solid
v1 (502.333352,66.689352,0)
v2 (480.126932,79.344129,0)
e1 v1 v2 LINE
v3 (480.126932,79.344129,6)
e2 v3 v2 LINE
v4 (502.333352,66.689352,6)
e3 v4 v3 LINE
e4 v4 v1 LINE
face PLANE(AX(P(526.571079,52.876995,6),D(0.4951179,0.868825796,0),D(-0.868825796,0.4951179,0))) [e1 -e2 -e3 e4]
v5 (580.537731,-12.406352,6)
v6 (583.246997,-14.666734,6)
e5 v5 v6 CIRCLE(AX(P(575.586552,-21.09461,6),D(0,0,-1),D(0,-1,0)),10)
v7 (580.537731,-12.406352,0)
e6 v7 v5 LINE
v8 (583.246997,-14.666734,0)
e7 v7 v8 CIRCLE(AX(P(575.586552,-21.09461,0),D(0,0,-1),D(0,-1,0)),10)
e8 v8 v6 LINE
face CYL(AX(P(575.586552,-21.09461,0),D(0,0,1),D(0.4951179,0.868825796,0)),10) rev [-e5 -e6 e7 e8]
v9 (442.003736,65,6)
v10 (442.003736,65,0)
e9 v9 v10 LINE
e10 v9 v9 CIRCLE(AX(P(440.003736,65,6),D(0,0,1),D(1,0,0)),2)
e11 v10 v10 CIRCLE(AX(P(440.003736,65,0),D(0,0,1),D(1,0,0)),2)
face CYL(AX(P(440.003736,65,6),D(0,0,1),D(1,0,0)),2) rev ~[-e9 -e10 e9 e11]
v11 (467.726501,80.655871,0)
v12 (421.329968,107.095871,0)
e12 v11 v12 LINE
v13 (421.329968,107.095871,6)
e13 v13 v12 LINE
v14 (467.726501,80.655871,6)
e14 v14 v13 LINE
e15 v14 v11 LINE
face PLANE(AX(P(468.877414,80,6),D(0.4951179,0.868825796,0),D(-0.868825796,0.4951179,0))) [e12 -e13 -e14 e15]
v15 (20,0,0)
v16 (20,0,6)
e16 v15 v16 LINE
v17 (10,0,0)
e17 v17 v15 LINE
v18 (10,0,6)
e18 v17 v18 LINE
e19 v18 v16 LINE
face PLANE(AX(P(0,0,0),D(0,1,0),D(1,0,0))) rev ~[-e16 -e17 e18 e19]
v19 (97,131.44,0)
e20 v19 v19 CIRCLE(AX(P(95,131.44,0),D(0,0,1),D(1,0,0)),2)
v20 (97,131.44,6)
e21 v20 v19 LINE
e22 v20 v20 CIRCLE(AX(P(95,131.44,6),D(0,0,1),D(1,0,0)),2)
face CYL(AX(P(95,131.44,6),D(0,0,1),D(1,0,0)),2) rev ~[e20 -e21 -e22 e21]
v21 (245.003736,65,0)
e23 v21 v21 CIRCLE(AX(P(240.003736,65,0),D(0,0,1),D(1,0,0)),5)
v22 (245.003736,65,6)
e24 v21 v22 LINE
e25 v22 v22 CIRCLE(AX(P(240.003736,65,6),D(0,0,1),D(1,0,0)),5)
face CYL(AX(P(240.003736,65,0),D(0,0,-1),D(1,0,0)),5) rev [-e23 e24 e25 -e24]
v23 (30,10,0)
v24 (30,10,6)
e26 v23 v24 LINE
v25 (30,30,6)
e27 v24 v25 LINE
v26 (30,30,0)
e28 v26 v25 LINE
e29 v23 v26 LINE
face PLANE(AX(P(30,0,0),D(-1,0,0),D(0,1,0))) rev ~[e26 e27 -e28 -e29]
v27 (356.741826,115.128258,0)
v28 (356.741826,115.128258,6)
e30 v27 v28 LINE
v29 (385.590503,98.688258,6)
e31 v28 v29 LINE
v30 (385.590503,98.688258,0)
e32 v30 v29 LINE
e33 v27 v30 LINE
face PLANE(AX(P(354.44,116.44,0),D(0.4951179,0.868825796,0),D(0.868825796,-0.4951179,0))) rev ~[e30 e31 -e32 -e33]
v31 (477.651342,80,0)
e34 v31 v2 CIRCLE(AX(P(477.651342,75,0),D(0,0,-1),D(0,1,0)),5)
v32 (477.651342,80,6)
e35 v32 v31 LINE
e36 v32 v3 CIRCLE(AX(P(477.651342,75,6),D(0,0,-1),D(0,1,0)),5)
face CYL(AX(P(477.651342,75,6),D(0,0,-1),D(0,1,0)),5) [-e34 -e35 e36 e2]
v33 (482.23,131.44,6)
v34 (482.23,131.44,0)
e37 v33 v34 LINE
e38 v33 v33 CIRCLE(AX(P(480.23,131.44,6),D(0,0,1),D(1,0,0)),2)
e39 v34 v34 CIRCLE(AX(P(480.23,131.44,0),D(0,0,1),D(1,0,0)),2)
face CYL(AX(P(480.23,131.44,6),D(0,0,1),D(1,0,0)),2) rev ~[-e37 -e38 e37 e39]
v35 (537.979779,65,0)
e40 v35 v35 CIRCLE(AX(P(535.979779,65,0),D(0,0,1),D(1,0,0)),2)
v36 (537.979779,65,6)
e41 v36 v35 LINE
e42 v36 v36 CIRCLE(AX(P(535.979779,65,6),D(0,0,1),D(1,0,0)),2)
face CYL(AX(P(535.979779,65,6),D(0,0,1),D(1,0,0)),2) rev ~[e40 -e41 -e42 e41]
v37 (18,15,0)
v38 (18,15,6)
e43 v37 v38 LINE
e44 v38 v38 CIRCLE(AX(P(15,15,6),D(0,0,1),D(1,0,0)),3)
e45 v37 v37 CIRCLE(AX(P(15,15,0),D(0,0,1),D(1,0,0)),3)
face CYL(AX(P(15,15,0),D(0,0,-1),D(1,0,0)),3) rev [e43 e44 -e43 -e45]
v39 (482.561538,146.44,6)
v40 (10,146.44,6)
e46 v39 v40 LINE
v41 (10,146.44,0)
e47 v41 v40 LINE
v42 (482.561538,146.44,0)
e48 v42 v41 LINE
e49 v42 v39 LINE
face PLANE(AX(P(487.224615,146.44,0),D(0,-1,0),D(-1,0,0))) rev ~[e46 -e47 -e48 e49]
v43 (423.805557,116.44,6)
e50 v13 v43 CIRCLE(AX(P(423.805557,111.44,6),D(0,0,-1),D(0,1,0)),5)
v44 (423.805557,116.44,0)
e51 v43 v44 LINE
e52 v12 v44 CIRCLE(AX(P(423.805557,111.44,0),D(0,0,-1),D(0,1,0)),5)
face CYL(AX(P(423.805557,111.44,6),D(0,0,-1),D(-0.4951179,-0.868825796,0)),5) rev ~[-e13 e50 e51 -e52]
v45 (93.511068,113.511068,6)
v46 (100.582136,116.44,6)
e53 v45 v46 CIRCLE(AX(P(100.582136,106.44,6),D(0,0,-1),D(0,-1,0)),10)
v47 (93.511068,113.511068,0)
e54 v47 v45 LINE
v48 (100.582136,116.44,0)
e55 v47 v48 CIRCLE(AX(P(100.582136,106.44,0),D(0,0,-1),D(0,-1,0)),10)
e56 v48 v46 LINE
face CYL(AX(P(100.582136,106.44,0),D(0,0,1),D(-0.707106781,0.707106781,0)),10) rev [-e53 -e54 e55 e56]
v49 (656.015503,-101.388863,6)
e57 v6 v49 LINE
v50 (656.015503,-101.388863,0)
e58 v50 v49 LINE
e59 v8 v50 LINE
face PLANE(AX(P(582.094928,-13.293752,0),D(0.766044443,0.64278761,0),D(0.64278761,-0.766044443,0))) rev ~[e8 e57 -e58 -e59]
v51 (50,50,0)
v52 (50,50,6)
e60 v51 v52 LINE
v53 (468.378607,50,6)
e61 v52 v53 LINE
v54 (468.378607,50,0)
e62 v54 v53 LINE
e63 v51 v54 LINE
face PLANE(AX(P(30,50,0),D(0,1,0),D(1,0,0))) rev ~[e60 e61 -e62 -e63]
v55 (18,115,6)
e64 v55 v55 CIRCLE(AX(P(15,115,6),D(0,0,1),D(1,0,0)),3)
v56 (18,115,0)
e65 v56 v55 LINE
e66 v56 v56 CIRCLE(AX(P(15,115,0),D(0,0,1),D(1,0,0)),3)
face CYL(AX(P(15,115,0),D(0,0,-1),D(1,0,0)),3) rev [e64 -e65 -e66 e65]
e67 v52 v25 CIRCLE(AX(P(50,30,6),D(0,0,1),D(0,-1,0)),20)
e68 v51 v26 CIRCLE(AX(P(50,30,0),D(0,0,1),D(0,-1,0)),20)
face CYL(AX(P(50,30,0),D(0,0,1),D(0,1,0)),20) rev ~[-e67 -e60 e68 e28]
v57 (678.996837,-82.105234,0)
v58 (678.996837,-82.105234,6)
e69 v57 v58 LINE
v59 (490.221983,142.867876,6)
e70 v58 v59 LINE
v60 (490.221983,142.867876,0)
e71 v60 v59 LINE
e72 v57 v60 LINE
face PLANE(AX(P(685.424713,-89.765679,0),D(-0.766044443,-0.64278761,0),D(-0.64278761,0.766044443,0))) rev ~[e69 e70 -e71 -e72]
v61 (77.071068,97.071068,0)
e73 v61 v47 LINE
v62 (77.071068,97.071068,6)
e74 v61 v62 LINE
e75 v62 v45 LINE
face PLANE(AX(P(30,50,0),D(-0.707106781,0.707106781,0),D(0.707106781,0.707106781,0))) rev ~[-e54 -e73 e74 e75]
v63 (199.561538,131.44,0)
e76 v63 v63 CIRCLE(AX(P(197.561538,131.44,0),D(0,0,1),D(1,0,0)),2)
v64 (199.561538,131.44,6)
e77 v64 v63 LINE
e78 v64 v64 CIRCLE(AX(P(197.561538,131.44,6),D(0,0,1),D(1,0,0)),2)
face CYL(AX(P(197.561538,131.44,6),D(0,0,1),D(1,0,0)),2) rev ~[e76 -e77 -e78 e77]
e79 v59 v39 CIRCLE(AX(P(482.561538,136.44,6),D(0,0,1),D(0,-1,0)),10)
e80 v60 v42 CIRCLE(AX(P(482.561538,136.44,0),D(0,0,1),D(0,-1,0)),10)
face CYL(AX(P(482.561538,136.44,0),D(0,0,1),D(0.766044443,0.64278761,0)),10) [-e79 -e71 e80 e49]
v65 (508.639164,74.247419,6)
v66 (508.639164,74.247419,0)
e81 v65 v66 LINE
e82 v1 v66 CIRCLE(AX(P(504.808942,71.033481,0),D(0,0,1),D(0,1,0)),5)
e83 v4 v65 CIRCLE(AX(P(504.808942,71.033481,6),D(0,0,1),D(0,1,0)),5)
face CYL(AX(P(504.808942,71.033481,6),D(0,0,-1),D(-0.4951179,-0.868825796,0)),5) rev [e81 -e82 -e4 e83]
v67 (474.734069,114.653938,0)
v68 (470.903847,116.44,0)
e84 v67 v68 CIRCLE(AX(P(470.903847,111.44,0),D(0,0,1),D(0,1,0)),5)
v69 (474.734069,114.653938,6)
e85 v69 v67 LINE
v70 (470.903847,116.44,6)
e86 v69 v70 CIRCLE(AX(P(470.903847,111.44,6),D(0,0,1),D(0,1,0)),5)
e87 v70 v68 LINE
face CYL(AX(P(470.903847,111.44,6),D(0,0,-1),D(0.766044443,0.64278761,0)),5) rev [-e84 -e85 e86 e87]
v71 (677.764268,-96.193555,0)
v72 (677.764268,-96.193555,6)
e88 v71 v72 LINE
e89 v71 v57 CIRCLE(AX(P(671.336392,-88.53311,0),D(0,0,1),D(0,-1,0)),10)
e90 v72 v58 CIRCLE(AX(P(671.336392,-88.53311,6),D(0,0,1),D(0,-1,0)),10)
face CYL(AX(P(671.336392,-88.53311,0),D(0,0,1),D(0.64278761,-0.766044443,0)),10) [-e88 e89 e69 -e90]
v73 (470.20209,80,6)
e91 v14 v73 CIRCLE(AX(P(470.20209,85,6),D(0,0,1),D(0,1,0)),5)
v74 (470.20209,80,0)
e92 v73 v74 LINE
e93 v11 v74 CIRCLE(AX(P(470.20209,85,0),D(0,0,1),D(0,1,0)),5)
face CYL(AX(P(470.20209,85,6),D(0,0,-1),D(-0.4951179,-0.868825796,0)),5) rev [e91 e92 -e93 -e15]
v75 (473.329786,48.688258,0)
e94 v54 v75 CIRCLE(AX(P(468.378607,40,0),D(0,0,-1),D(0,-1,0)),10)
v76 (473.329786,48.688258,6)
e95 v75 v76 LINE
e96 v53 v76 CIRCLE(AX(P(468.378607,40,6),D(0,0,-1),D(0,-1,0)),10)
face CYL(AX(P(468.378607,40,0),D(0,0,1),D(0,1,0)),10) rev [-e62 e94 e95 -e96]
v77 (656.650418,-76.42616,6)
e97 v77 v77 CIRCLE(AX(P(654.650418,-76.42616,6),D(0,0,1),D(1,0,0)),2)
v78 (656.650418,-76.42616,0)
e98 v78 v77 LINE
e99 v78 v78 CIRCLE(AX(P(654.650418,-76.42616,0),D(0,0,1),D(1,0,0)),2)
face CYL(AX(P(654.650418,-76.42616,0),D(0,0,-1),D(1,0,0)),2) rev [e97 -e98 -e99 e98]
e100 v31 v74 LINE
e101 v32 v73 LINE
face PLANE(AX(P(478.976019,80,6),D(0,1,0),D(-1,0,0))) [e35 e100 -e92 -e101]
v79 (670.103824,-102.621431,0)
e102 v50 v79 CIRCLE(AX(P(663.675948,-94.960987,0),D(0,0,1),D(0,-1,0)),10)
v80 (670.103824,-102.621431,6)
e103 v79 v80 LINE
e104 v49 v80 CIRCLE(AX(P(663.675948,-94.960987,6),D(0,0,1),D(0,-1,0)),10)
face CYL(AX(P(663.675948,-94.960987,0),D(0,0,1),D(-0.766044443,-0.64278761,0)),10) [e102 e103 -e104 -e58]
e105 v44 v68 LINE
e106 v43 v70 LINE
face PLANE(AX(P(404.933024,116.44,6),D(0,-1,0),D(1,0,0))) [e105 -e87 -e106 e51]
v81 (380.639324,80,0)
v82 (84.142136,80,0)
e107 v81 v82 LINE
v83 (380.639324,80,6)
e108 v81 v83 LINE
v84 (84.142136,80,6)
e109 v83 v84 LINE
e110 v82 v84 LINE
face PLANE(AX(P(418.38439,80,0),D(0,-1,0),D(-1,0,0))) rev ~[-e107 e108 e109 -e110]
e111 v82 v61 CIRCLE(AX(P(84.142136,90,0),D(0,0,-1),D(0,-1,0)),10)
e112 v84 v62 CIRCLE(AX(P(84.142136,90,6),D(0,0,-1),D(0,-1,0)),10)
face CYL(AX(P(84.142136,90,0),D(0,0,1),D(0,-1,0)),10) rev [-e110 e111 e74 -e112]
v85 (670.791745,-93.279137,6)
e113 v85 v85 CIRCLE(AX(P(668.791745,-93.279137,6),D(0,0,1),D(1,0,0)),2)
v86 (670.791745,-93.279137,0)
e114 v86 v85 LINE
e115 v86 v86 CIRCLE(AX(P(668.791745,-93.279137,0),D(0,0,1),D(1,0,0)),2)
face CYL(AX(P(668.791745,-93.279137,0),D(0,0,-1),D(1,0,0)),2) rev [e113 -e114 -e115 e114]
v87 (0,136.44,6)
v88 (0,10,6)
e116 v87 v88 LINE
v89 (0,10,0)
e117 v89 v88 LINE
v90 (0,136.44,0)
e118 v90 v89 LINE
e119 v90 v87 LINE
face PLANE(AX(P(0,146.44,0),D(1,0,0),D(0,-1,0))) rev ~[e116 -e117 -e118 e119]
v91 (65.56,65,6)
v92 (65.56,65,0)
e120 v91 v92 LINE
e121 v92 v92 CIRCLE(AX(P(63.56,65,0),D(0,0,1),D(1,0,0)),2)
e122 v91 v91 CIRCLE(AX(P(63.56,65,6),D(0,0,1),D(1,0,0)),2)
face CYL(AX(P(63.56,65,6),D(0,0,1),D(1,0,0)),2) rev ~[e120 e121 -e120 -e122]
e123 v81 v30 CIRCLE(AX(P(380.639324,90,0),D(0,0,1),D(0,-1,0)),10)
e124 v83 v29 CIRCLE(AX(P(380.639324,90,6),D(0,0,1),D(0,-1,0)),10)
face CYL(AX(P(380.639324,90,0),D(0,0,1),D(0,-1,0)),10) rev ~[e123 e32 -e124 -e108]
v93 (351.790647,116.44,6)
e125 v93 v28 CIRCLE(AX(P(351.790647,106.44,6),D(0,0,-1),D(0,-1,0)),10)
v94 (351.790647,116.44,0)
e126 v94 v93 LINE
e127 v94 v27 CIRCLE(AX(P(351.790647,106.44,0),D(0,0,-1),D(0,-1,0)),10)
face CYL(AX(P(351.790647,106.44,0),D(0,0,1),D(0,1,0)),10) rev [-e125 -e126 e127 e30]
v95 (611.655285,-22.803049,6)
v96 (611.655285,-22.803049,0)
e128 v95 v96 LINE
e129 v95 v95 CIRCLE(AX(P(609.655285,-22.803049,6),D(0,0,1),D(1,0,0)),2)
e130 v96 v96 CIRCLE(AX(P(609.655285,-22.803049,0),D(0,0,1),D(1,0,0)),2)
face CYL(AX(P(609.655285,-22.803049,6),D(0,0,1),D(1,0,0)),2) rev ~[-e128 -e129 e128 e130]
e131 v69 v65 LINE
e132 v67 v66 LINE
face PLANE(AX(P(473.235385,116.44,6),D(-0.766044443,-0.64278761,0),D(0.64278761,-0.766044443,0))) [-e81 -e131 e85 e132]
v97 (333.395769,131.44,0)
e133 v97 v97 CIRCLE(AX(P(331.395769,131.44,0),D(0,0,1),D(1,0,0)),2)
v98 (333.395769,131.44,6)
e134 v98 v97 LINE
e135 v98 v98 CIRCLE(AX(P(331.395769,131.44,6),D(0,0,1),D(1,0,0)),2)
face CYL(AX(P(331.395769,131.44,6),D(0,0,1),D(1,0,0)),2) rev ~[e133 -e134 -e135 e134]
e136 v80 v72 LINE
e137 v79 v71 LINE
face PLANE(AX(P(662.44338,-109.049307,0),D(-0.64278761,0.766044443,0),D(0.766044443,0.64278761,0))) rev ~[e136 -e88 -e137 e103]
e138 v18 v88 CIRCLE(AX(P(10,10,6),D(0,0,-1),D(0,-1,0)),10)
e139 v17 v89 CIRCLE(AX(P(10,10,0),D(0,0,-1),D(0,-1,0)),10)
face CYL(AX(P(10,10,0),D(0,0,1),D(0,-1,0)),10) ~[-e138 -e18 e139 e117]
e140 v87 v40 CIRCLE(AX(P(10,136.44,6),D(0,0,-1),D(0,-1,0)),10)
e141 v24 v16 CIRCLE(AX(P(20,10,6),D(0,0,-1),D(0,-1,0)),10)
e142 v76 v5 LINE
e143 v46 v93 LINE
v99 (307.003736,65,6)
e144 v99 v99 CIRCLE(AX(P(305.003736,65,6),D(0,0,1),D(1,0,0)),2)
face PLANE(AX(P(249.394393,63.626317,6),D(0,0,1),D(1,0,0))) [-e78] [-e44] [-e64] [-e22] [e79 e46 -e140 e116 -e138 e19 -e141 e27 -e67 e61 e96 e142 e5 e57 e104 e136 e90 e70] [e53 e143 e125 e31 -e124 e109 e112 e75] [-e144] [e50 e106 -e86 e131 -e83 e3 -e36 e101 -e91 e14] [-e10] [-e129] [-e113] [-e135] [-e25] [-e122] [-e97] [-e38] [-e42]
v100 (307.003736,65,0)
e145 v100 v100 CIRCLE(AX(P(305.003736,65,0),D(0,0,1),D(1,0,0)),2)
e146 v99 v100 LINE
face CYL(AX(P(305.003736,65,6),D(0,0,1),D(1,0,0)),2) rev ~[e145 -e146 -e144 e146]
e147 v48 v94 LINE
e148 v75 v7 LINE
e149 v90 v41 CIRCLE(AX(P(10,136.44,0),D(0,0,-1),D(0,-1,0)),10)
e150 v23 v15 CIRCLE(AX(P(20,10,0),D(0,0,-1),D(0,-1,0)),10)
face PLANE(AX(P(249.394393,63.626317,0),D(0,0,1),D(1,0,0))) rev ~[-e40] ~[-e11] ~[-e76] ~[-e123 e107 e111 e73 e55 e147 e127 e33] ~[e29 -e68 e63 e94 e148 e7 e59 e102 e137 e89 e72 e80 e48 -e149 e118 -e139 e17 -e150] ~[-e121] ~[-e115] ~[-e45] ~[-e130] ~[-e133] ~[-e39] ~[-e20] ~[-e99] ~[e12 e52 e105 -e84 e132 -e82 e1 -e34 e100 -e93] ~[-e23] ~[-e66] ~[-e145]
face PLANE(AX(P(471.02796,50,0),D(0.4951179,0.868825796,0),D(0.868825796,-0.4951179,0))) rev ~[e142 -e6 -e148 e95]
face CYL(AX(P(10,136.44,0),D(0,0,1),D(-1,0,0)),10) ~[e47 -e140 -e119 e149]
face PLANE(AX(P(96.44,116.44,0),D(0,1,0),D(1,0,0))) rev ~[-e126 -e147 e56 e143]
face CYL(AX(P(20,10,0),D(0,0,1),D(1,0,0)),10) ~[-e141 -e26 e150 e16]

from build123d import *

# Parameters (mm, degrees)
SKETCH1_R           = 2
SKETCH1_R_2         = 3
SKETCH1_R_3         = 5
BOSS_EXTRUDE1_DEPTH = 6
FILLET1_R           = 20
FILLET2_R           = 10
CUT_EXTRUDE1_DEPTH  = 697.921769691
FILLET3_R           = 5
SKETCH3_R           = 2
CUT_EXTRUDE2_DEPTH  = 697.921769691
SKETCH9_R           = 2
CUT_EXTRUDE4_DEPTH  = 697.921769691


with BuildPart() as part:
    # Sketch1 → Boss-Extrude1 (new body)
    # profile 1 of 2: a face of its own
    with BuildSketch(Plane.XY):
        Polygon((0, 146.44), (0, 0), (30, 0), (30, 50), (60, 80), (96.44, 116.44), (354.44, 116.44), (418.384389798, 80), (471.027959885, 50), (582.094928321, -13.293751689), (662.443379532, -109.049307079), (685.424712826, -89.765678789), (487.224614872, 146.44), align=None)
        with Locations((668.791745302, -93.279137389)):
            Circle(SKETCH1_R, mode=Mode.SUBTRACT)
        with Locations((654.650417888, -76.42615964)):
            Circle(SKETCH1_R, mode=Mode.SUBTRACT)
        with Locations((15, 15)):
            Circle(SKETCH1_R_2, mode=Mode.SUBTRACT)
        with Locations((15, 115)):
            Circle(SKETCH1_R_2, mode=Mode.SUBTRACT)
    # profile 2 of 2: a face of its own
    with BuildSketch(Plane.XY):
        Polygon((60, 80), (30, 50), (471.027959885, 50), (418.384389798, 80), align=None)
        with Locations((240.003736421, 65)):
            Circle(SKETCH1_R_3, mode=Mode.SUBTRACT)
    extrude(amount=BOSS_EXTRUDE1_DEPTH)

    # Fillet1
    fillet1_edges = [part.edges().sort_by_distance(p)[0] for p in [
        (30, 50, 3),
    ]]
    fillet(fillet1_edges, radius=FILLET1_R)

    # Fillet2
    fillet2_edges = [part.edges().sort_by_distance(p)[0] for p in [
        (418.384389798, 80, 3),
        (354.44, 116.44, 3),
        (96.44, 116.44, 3),
        (60, 80, 3),
        (30, 0, 3),
        (0, 0, 3),
        (0, 146.44, 3),
        (487.224614872, 146.44, 3),
        (685.424712826, -89.765678789, 3),
        (662.443379532, -109.049307079, 3),
        (582.094928321, -13.293751689, 3),
        (471.027959885, 50, 3),
    ]]
    fillet(fillet2_edges, radius=FILLET2_R)

    # Sketch2 → Cut-Extrude1 (cut, through all)
    with BuildSketch(Plane.XY.offset(6)):
        Polygon((404.933023937, 116.44), (473.235385128, 116.44), (526.571079334, 52.876994817), (478.976018523, 80), (468.877413735, 80), align=None)
    extrude(amount=-CUT_EXTRUDE1_DEPTH, mode=Mode.SUBTRACT)

    # Fillet3
    fillet3_edges = [part.edges().sort_by_distance(p)[0] for p in [
        (468.877413735, 80, 3),
        (404.933023937, 116.44, 3),
        (473.235385128, 116.44, 3),
        (526.571079334, 52.876994817, 3),
        (478.976018523, 80, 3),
    ]]
    fillet(fillet3_edges, radius=FILLET3_R)

    # Sketch3 → Cut-Extrude2 (cut, through all)
    with BuildSketch(Plane.XY.offset(6)):
        with Locations((609.65528521, -22.803048622)):
            Circle(SKETCH3_R)
        with Locations((440.003736421, 65)):
            Circle(SKETCH3_R)
        with Locations((535.979779495, 65)):
            Circle(SKETCH3_R)
        with Locations((480.23, 131.44)):
            Circle(SKETCH3_R)
        with Locations((305.003736421, 65)):
            Circle(SKETCH3_R)
        with Locations((331.395769145, 131.44)):
            Circle(SKETCH3_R)
        with Locations((197.561538291, 131.44)):
            Circle(SKETCH3_R)
    extrude(amount=-CUT_EXTRUDE2_DEPTH, mode=Mode.SUBTRACT)

    # Sketch9 → Cut-Extrude4 (cut, through all)
    with BuildSketch(Plane.XY.offset(6)):
        with Locations((95, 131.44)):
            Circle(SKETCH9_R)
        with Locations((63.56, 65)):
            Circle(SKETCH9_R)
    extrude(amount=-CUT_EXTRUDE4_DEPTH, mode=Mode.SUBTRACT)


solid = part.part
